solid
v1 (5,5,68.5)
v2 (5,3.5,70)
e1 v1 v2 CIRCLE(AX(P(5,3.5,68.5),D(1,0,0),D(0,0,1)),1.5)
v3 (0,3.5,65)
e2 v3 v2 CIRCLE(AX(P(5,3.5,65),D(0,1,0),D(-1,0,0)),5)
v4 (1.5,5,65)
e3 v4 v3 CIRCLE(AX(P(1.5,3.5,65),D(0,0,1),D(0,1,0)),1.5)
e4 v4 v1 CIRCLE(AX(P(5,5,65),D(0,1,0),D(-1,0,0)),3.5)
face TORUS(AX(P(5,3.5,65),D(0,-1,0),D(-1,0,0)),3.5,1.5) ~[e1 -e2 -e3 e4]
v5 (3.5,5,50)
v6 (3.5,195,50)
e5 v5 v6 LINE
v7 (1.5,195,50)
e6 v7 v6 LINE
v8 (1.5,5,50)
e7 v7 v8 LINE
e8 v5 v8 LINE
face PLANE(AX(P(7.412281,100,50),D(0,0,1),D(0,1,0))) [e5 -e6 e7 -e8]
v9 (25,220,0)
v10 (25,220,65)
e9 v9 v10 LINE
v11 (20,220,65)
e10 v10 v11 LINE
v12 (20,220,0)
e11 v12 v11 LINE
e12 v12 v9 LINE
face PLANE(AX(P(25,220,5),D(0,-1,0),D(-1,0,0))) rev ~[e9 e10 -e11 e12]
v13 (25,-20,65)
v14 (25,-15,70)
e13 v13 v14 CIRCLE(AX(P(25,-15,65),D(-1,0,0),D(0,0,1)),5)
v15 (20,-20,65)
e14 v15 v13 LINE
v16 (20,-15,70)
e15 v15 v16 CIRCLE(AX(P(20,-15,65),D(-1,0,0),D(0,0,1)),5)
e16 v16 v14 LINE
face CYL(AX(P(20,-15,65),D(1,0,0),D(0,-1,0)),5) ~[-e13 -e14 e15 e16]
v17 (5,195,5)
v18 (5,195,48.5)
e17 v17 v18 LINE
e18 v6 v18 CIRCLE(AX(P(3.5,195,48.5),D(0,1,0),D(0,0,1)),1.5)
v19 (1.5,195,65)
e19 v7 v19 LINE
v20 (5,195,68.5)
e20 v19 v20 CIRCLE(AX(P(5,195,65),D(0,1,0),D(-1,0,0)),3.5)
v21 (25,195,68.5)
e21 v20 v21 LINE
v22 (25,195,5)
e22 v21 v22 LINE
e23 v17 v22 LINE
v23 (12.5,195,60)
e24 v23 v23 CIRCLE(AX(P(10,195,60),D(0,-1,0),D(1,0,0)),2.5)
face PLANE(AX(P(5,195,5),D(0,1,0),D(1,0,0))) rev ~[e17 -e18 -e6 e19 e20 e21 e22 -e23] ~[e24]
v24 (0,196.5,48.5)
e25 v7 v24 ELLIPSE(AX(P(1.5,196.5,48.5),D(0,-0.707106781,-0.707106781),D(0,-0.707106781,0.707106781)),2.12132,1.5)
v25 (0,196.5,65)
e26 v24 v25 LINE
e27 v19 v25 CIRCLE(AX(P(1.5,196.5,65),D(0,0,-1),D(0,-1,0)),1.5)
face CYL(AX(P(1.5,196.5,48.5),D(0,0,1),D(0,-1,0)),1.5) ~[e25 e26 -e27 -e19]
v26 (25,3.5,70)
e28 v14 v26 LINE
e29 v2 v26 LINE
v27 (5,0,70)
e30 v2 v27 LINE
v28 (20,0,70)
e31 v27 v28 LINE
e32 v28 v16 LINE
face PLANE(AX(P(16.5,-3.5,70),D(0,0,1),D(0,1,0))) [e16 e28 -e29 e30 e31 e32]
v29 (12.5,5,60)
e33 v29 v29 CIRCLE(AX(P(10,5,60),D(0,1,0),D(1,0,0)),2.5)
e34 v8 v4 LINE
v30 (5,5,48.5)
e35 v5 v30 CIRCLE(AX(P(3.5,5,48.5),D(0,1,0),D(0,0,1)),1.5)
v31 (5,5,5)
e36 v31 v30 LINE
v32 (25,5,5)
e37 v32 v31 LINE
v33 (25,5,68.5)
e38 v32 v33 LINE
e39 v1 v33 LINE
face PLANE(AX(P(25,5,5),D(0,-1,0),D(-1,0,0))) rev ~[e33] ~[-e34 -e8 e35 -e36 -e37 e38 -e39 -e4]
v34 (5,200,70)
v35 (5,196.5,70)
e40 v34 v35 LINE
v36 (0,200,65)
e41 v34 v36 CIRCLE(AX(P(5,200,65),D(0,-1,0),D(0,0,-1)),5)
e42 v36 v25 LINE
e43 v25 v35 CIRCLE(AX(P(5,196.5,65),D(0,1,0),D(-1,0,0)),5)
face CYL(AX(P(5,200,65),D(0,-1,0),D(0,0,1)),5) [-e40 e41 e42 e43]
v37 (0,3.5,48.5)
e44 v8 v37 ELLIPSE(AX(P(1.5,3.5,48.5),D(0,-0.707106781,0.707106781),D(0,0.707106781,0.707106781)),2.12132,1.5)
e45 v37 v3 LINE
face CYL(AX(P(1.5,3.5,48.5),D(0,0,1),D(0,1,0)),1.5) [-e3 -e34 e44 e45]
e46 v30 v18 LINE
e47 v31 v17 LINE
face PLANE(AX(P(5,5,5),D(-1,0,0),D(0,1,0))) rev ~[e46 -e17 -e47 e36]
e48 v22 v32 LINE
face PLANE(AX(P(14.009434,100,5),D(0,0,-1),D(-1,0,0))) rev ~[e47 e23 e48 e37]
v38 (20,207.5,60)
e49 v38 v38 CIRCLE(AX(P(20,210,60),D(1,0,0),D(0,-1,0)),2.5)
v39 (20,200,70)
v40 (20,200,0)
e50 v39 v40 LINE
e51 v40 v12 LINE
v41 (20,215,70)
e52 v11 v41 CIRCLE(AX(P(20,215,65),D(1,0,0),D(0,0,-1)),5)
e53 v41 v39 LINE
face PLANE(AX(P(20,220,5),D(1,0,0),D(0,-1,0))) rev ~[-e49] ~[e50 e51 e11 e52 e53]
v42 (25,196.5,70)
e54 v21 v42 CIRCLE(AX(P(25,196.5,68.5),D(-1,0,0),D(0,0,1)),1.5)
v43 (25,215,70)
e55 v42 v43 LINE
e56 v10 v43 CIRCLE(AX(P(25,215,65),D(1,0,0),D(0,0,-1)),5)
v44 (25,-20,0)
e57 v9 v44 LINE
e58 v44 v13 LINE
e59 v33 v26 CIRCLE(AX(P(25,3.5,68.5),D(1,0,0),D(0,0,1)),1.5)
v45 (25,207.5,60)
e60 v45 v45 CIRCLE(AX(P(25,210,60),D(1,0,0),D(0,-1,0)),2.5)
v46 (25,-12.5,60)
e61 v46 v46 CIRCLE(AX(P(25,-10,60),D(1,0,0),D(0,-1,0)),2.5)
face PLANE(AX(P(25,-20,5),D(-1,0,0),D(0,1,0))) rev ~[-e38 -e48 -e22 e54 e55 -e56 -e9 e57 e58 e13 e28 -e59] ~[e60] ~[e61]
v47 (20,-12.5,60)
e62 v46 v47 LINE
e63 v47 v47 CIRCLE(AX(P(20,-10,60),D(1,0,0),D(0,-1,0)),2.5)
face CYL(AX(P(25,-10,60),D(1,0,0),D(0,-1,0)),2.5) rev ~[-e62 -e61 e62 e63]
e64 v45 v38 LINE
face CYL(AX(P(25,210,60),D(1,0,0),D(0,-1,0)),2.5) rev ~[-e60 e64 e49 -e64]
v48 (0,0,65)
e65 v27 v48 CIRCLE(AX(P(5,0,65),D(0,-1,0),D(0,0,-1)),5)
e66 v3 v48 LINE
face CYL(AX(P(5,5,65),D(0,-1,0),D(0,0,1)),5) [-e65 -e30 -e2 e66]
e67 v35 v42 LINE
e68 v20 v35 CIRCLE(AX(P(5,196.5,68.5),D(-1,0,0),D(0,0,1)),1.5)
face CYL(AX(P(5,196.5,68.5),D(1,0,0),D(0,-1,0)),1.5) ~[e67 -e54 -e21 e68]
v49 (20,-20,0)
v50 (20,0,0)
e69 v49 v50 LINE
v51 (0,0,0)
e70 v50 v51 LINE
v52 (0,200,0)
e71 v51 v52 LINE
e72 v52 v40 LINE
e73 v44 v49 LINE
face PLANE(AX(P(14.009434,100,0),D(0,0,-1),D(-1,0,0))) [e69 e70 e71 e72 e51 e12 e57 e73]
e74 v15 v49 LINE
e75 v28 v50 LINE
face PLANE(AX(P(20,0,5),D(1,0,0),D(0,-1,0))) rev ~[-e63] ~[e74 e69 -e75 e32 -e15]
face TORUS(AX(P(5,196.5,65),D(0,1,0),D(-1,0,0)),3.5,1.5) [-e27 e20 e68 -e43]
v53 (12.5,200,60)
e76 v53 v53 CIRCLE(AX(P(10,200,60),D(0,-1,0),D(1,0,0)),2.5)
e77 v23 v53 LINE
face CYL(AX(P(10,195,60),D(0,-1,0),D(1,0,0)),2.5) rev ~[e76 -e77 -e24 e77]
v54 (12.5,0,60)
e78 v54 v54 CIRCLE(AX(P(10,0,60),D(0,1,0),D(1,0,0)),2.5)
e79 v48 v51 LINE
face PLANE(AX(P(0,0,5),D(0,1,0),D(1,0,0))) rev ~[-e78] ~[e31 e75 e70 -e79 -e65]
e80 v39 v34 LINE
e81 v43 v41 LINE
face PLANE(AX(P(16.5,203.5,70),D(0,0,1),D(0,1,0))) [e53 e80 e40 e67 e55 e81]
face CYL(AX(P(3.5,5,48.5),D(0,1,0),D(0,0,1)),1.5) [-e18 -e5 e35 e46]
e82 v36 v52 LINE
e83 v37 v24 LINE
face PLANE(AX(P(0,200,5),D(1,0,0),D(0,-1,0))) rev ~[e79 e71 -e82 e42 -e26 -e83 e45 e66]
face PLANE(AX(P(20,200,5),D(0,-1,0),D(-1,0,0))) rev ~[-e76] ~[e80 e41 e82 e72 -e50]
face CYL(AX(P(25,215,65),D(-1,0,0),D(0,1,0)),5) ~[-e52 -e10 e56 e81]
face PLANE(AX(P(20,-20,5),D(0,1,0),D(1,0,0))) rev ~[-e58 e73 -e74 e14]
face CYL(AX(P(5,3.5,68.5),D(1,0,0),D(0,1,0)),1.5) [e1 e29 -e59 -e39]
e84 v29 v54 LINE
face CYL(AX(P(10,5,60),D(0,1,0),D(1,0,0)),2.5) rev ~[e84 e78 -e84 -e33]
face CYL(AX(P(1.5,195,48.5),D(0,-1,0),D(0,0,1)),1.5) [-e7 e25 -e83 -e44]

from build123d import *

# Parameters (mm, degrees)
EXTRUDE001_DEPTH = 45
EXTRUDE_DEPTH    = 5
FACE005_R        = 2.5
EXTRUDE005_DEPTH = 5
SKETCH004_R      = 2.5
EXTRUDE004_DEPTH = 5
FACE003_R        = 2.5
EXTRUDE003_DEPTH = 5
EXTRUDE002_DEPTH = 20
FILLET_R         = 5
FILLET001_R      = 5
FILLET002_R      = 5
FILLET003_R      = 5
FILLET004_R      = 1.5
FILLET005_R      = 1.5
FILLET006_R      = 1.5
FILLET007_R      = 1.5


with BuildPart() as extrude001:
    # Face001 → Extrude001 (new body)
    with BuildSketch(Plane(origin=(7.142857, 100, 5), x_dir=(0, 1, 0), z_dir=(0, 0, 1))):
        Polygon((-120, -12.857143), (-120, -17.857143), (-95, -17.857143), (-95, 2.142857), (95, 2.142857), (95, -17.857143), (120, -17.857143), (120, -12.857143), (100, -12.857143), (100, 7.142857), (-100, 7.142857), (-100, -12.857143), align=None)
    extrude(amount=EXTRUDE001_DEPTH)


with BuildPart() as fusion:
    # Sketch → Extrude (new body)
    with BuildSketch(Plane.XY):
        Polygon((20, -20), (20, 0), (0, 0), (0, 200), (20, 200), (20, 220), (25, 220), (25, -20), align=None)
    extrude(amount=EXTRUDE_DEPTH)

    # Fusion: union Extrude001
    add(extrude001.part)


with BuildPart() as extrude005:
    # Face005 → Extrude005 (new body)
    with BuildSketch(Plane(origin=(10, 5, 60), x_dir=(1, 0, 0), z_dir=(0, 1, 0))):
        Circle(FACE005_R)
    extrude(amount=-EXTRUDE005_DEPTH)


with BuildPart() as extrude004:
    # Sketch004 (on Face12 of Cut) → Extrude004 (new body)
    with BuildSketch(Plane.XZ.offset(-195)):
        with Locations((10, 60)):
            Circle(SKETCH004_R)
    extrude(amount=-EXTRUDE004_DEPTH)


with BuildPart() as extrude003:
    # Face003 → Extrude003 (new body)
    with BuildSketch(Plane(origin=(25, -10, 60), x_dir=(0, -1, 0), z_dir=(1, 0, 0))):
        Circle(FACE003_R)
        with Locations((-220, 0)):
            Circle(FACE003_R)
    extrude(amount=-EXTRUDE003_DEPTH)


with BuildPart() as fillet007:
    # Face002 → Extrude002 (new body)
    with BuildSketch(Plane(origin=(16.944444, -3.055556, 50), x_dir=(0, 1, 0), z_dir=(0, 0, 1))):
        Polygon((8.055556, -8.055556), (8.055556, 16.944444), (3.055556, 16.944444), (3.055556, -3.055556), (-16.944444, -3.055556), (-16.944444, -8.055556), align=None)
        Polygon((203.055556, 16.944444), (198.055556, 16.944444), (198.055556, -8.055556), (223.055556, -8.055556), (223.055556, -3.055556), (203.055556, -3.055556), align=None)
    extrude(amount=EXTRUDE002_DEPTH)

    # Cut: cut Extrude003
    add(extrude003.part, mode=Mode.SUBTRACT)

    # Cut001: cut Extrude004
    add(extrude004.part, mode=Mode.SUBTRACT)

    # Cut002: cut Extrude005
    add(extrude005.part, mode=Mode.SUBTRACT)

    # Fusion001: union Fusion
    add(fusion.part)

    # Fillet
    fillet_edges = [fillet007.edges().sort_by_distance(p)[0] for p in [
        (22.5, 220, 70),
    ]]
    fillet(fillet_edges, radius=FILLET_R)

    # Fillet001
    fillet001_edges = [fillet007.edges().sort_by_distance(p)[0] for p in [
        (0, 197.5, 70),
    ]]
    fillet(fillet001_edges, radius=FILLET001_R)

    # Fillet002
    fillet002_edges = [fillet007.edges().sort_by_distance(p)[0] for p in [
        (22.5, -20, 70),
    ]]
    fillet(fillet002_edges, radius=FILLET002_R)

    # Fillet003
    fillet003_edges = [fillet007.edges().sort_by_distance(p)[0] for p in [
        (0, 2.5, 70),
    ]]
    fillet(fillet003_edges, radius=FILLET003_R)

    # Fillet004
    fillet004_edges = [fillet007.edges().sort_by_distance(p)[0] for p in [
        (5, 100, 50),
    ]]
    fillet(fillet004_edges, radius=FILLET004_R)

    # Fillet005
    fillet005_edges = [fillet007.edges().sort_by_distance(p)[0] for p in [
        (0, 100, 50),
    ]]
    fillet(fillet005_edges, radius=FILLET005_R)

    # Fillet006
    fillet006_edges = [fillet007.edges().sort_by_distance(p)[0] for p in [
        (0, 195, 57.5),
        (1.464466, 195, 68.535534),
        (15, 195, 70),
    ]]
    fillet(fillet006_edges, radius=FILLET006_R)

    # Fillet007
    fillet007_edges = [fillet007.edges().sort_by_distance(p)[0] for p in [
        (0, 5, 57.5),
    ]]
    fillet(fillet007_edges, radius=FILLET007_R)


solid = fillet007.part
